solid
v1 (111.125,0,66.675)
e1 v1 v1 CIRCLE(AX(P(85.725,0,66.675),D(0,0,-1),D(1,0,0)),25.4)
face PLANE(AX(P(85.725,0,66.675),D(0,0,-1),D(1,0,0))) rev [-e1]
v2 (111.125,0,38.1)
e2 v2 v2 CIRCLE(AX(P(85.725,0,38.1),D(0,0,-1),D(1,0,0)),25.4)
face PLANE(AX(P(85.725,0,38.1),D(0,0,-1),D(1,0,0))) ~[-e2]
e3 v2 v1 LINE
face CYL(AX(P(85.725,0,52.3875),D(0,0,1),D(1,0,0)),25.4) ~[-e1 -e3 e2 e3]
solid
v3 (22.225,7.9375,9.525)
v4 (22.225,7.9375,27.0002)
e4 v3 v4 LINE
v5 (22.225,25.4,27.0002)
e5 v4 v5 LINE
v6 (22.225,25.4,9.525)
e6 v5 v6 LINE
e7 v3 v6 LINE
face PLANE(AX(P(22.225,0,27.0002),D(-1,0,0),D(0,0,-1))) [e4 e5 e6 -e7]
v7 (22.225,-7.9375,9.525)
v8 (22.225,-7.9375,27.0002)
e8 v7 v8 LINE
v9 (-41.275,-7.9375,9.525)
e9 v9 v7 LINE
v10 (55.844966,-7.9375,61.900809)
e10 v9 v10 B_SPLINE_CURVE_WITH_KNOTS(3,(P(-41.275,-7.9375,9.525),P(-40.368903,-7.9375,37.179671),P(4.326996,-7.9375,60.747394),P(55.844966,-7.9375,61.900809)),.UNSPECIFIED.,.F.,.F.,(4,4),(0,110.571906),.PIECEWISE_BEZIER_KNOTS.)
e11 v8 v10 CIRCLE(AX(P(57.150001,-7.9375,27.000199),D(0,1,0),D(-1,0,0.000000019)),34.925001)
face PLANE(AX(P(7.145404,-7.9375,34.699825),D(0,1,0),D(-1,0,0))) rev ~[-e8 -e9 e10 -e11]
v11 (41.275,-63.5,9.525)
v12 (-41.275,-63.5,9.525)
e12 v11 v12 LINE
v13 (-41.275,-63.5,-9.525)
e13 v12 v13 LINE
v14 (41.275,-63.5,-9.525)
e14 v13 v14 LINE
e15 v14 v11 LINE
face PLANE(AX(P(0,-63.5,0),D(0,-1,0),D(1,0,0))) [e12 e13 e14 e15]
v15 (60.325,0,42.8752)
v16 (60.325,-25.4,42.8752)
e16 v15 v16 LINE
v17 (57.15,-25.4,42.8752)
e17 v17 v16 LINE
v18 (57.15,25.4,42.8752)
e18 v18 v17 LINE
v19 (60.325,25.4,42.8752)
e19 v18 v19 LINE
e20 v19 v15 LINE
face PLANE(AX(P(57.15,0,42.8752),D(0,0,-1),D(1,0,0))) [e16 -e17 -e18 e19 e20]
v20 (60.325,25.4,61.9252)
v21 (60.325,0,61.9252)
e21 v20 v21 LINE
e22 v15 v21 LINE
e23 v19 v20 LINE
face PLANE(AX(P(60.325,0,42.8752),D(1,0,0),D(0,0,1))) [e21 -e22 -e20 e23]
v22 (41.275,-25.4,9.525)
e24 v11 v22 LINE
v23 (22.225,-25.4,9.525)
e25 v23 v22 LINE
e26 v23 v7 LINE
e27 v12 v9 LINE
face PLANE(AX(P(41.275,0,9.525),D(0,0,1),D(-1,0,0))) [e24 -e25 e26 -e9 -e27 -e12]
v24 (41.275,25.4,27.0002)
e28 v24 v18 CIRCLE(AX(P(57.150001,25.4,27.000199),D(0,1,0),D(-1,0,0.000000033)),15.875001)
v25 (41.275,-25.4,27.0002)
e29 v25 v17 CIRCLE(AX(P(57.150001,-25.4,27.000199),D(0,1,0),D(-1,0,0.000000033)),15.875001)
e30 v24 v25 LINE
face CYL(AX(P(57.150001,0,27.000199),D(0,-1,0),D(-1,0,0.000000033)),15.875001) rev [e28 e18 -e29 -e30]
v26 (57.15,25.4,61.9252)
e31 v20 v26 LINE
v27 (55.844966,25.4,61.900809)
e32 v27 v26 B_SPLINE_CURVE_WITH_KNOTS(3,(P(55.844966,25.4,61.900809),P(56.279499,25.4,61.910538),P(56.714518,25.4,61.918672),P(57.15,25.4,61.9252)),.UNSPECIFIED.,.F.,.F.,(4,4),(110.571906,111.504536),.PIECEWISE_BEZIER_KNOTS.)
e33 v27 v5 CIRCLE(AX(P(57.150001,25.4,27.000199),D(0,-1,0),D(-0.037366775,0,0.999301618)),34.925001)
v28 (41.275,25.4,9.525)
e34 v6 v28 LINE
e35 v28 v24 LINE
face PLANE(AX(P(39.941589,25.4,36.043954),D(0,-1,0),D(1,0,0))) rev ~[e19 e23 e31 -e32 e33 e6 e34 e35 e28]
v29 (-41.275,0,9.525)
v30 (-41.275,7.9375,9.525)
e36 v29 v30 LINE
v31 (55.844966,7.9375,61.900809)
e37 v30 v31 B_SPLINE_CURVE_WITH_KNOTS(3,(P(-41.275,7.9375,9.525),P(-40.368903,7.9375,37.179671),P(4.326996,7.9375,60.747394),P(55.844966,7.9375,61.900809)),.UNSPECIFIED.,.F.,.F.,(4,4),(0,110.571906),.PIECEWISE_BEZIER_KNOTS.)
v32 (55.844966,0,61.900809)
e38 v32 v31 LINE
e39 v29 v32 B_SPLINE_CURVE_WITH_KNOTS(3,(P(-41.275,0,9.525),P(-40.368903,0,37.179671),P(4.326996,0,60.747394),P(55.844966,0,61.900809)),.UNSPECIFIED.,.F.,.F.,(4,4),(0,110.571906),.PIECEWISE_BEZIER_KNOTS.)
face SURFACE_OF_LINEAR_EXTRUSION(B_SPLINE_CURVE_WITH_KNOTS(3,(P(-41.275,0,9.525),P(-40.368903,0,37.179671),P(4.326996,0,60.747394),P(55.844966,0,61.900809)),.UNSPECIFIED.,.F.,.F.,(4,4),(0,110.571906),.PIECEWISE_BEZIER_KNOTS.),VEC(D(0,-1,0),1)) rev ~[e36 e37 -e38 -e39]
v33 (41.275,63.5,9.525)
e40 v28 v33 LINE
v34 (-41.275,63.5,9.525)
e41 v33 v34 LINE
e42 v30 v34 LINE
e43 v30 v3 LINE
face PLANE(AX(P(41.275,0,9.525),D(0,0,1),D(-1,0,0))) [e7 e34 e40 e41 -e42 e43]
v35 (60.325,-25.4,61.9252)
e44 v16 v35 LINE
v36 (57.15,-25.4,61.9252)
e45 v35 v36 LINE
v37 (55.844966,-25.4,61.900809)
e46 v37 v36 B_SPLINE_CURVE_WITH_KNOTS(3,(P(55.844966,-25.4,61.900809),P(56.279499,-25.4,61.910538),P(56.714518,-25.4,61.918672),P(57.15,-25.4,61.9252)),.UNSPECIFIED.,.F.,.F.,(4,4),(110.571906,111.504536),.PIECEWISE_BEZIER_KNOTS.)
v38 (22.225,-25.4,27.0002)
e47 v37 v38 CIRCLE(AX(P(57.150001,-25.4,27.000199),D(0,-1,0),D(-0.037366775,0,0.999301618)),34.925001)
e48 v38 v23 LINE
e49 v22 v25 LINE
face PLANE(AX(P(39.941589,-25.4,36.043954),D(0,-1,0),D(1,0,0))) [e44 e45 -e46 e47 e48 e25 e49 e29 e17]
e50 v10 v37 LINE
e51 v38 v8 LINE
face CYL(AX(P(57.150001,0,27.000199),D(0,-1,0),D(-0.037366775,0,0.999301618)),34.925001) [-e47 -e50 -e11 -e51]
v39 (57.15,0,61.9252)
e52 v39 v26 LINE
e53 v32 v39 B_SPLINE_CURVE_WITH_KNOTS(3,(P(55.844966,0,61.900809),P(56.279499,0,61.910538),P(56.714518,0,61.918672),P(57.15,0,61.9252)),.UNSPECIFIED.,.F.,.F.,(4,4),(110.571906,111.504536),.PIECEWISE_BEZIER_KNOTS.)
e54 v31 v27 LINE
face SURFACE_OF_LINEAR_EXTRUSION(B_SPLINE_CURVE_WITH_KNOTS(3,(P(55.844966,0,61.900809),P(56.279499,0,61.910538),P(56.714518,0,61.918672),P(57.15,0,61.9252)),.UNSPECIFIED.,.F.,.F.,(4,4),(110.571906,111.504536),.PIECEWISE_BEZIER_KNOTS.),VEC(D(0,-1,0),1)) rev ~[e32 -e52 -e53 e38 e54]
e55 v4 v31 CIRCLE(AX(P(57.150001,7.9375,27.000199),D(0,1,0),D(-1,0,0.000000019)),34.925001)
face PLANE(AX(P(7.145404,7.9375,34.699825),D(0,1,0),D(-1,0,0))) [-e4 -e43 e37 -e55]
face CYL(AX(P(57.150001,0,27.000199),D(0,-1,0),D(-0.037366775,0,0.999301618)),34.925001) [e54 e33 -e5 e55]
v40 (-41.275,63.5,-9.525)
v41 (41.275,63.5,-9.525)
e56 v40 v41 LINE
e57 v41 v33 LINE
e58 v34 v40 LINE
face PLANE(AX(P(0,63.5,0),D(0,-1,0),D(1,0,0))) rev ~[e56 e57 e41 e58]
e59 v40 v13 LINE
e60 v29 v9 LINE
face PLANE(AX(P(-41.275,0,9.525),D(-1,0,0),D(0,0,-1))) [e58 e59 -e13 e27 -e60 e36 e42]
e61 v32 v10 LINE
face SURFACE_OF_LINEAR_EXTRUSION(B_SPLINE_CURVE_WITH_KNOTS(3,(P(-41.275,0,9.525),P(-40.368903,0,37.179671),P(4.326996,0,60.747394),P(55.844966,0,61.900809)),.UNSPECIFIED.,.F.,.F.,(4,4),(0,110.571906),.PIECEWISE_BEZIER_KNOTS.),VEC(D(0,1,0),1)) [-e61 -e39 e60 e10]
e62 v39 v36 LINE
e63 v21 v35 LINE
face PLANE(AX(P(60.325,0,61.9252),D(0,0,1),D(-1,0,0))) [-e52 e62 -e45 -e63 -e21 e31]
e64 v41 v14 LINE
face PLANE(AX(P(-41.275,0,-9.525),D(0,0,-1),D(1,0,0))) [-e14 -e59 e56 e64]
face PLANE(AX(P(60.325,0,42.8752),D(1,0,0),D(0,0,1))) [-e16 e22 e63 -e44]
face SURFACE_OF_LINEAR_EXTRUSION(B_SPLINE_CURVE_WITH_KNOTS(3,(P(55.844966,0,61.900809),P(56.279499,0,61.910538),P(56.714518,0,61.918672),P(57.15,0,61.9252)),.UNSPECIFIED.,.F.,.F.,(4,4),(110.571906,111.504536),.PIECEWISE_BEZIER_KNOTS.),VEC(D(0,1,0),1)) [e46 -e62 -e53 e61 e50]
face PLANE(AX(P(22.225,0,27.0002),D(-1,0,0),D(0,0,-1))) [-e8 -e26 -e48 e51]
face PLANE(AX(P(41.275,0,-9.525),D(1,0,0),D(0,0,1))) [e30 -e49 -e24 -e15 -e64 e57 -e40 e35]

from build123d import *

# Parameters (mm, degrees)
F1_DEPTH = 63.5
F2_DEPTH = 25.4
F3_DEPTH = 7.9375
F0_W     = 25.4
F0_H     = 28.575


with BuildPart() as f1:
    # F0 (on Front) → F1 (new body, symmetric)
    with BuildSketch(Plane.XZ):
        Polygon((-41.275, 9.525), (-41.275, -9.525), (41.275, -9.525), (41.275, 9.525), (22.225, 9.525), align=None)
    extrude(amount=F1_DEPTH, both=True)

    # F0 (on Front) → F2 (join, symmetric)
    with BuildSketch(Plane.XZ):
        with BuildLine():
            Line((22.225, 9.525), (41.275, 9.525))
            Line((41.275, 9.525), (41.275, 27.0002))
            ThreePointArc((41.275, 27.0002), (45.92468, 38.22552), (57.15, 42.8752))
            Line((57.15, 42.8752), (60.325, 42.8752))
            Line((60.325, 42.8752), (60.325, 61.9252))
            Line((60.325, 61.9252), (57.15, 61.9252))
            add(Edge.make_bspline(
                [(55.844966, 61.900809), (56.279499, 61.910538), (56.714518, 61.918672), (57.15, 61.9252)],
                knots=[110.571906, 110.571906, 110.571906, 110.571906, 111.504536, 111.504536, 111.504536, 111.504536], degree=3))
            ThreePointArc((55.844966, 61.900809), (31.997128, 51.230112), (22.225, 27.0002))
            Line((22.225, 27.0002), (22.225, 9.525))
        make_face()
    extrude(amount=F2_DEPTH, both=True)

    # F0 (on Front) → F3 (join, symmetric)
    with BuildSketch(Plane.XZ):
        with BuildLine():
            add(Edge.make_bspline(
                [(-41.275, 9.525), (-40.368903, 37.179671), (4.326996, 60.747394), (55.844966, 61.900809)],
                knots=[0, 0, 0, 0, 110.571906, 110.571906, 110.571906, 110.571906], degree=3))
            Line((-41.275, 9.525), (22.225, 9.525))
            Line((22.225, 9.525), (22.225, 27.0002))
            ThreePointArc((22.225, 27.0002), (31.997128, 51.230112), (55.844966, 61.900809))
        make_face()
    extrude(amount=F3_DEPTH, both=True)

    # F0 (on Front) → F4 (revolve)
    with BuildSketch(Plane.XZ):
        with Locations((98.425, 52.3875)):
            Rectangle(F0_W, F0_H)
    revolve(axis=Axis((85.725, 0, 52.3875), (0, 0, -1)))


solid = f1.part
